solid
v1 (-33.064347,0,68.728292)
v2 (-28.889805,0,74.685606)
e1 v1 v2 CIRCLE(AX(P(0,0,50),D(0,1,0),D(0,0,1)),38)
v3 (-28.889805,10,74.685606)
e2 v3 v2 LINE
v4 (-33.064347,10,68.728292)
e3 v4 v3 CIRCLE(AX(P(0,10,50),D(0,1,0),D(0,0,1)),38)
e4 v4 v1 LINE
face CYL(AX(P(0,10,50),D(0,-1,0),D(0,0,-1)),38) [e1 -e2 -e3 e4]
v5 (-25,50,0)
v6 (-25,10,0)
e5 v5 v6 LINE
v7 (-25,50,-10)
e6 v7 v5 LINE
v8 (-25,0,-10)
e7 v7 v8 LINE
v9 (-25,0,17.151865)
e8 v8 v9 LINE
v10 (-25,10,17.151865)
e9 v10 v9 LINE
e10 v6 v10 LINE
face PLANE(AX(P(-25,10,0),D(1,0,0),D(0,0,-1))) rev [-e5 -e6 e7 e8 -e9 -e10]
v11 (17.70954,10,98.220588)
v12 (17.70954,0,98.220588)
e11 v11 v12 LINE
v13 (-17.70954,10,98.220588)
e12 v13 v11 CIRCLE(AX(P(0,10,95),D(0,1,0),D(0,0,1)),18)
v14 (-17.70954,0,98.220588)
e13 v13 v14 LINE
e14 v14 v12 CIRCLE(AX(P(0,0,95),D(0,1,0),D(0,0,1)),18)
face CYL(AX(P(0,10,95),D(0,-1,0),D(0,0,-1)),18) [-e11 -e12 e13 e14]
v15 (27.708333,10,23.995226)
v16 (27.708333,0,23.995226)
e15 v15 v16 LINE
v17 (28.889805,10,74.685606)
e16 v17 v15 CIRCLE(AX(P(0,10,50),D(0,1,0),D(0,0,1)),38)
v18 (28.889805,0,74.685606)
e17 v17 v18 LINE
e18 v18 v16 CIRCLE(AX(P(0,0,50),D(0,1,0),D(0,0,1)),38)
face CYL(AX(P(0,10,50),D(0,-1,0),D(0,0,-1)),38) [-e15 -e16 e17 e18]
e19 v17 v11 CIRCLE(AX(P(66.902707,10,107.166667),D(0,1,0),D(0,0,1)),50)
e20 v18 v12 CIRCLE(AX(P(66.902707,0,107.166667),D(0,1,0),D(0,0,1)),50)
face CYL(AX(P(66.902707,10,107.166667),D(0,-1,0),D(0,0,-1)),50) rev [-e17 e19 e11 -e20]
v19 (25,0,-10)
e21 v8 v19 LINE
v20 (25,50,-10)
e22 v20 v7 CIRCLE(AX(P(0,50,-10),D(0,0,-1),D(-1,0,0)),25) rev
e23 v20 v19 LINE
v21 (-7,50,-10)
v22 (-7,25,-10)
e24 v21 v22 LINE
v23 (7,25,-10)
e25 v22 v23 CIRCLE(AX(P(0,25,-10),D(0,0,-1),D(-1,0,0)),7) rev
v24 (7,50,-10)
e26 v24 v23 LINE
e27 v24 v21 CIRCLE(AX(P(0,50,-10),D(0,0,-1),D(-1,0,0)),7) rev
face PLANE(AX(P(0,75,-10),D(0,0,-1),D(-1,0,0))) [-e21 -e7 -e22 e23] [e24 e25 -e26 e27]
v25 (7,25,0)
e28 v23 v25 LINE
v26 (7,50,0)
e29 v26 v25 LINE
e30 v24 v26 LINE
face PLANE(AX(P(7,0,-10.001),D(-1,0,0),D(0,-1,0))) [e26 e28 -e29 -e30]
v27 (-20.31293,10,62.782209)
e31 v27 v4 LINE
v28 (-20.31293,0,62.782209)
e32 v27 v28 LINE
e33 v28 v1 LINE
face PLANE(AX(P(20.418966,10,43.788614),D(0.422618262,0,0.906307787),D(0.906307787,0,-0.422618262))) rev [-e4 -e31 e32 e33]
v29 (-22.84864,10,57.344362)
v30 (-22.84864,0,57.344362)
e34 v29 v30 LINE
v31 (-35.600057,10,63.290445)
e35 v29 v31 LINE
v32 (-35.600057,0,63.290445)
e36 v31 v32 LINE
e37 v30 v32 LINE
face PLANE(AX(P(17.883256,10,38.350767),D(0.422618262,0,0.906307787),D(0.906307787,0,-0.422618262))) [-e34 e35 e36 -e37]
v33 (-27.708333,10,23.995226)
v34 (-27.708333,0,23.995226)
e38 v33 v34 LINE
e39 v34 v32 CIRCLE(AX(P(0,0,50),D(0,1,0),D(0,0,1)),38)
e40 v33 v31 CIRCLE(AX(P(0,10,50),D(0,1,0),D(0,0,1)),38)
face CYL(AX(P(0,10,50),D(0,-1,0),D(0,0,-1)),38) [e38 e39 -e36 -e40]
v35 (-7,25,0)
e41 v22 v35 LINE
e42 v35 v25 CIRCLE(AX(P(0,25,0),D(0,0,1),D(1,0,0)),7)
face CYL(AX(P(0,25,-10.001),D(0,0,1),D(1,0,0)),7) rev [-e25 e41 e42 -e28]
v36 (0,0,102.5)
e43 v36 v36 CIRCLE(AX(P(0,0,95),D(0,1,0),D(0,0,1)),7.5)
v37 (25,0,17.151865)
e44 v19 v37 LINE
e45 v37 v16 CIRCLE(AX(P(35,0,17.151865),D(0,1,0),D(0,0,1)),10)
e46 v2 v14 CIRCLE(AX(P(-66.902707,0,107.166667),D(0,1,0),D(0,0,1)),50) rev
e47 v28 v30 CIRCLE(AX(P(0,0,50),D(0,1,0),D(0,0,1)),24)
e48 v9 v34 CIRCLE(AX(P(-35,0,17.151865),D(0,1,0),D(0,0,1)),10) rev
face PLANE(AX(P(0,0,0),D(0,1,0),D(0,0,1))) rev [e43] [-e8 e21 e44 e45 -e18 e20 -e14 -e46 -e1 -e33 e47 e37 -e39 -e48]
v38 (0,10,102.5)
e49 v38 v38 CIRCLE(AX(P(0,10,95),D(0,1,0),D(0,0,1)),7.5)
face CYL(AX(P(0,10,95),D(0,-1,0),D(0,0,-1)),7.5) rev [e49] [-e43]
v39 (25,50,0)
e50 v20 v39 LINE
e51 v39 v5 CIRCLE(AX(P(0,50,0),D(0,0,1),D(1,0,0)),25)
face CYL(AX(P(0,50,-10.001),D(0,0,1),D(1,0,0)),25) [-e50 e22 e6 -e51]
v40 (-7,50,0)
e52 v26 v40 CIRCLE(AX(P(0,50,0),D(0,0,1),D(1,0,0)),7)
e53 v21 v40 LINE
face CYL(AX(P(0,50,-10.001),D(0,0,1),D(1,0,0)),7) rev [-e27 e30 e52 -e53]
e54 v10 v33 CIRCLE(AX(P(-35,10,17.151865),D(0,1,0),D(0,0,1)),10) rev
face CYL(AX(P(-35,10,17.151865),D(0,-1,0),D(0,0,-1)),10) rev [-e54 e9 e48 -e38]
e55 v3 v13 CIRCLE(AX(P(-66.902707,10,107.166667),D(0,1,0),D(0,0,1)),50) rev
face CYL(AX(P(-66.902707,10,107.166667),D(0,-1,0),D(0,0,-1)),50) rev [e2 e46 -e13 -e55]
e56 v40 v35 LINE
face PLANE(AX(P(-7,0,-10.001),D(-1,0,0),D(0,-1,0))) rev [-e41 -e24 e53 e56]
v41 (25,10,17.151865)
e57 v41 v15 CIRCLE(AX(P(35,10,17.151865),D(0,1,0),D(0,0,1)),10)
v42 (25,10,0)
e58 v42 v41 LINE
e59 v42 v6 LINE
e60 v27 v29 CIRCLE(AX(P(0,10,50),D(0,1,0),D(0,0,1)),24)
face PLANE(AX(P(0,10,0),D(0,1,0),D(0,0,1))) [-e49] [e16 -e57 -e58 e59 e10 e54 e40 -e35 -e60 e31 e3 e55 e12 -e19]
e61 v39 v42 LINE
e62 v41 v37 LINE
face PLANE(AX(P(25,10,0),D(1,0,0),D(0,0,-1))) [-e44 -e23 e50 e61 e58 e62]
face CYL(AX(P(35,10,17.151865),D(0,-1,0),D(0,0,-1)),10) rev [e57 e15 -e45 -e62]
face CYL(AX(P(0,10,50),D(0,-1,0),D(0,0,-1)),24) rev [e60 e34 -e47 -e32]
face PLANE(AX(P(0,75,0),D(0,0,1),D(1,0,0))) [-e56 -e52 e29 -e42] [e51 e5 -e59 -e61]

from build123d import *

# Parameters (mm, degrees)
SKETCH1_R           = 7.5
BOSS_EXTRUDE1_DEPTH = 10
SKETCH1_3_W         = 50
SKETCH1_3_H         = 10
BOSS_EXTRUDE2_DEPTH = 75
CUT_EXTRUDE1_REACH  = 142.847


with BuildPart() as part:
    # Sketch1 → Boss-Extrude1 (new body)
    with BuildSketch(Plane(origin=(0, 0, 0), x_dir=(1, 0, 0), z_dir=(0, 1, 0))):
        with BuildLine():
            Line((25, 0), (-25, 0))
            Line((-25, 0), (-25, -17.151864589))
            ThreePointArc((-25, -17.151864589), (-25.701702665, -20.83176495), (-27.708333333, -23.995226133))
            ThreePointArc((-27.708333333, -23.995226133), (-37.256095308, -42.517796957), (-35.600057015, -63.29044546))
            Line((-35.600057015, -63.29044546), (-22.848639927, -57.34436202))
            ThreePointArc((-22.848639927, -57.34436202), (21.751386889, -39.857161718), (-20.312930357, -62.782208742))
            Line((-20.312930357, -62.782208742), (-33.064347445, -68.728292182))
            ThreePointArc((-33.064347445, -68.728292182), (-31.119955968, -71.807070885), (-28.889805354, -74.685606061))
            ThreePointArc((-28.889805354, -74.685606061), (-21.739686255, -85.712027428), (-17.709540124, -98.220588235))
            ThreePointArc((-17.709540124, -98.220588235), (0, -113), (17.709540124, -98.220588235))
            ThreePointArc((17.709540124, -98.220588235), (21.739686255, -85.712027428), (28.889805354, -74.685606061))
            ThreePointArc((28.889805354, -74.685606061), (37.989682547, -49.114550984), (27.708333333, -23.995226133))
            ThreePointArc((27.708333333, -23.995226133), (25.701702665, -20.83176495), (25, -17.151864589))
            Line((25, -17.151864589), (25, 0))
        make_face()
        with Locations((0, -95)):
            Circle(SKETCH1_R, mode=Mode.SUBTRACT)
    extrude(amount=BOSS_EXTRUDE1_DEPTH)

    # Sketch1<3> → Boss-Extrude2 (add)
    with BuildSketch(Plane(origin=(0, 0, 0), x_dir=(1, 0, 0), z_dir=(0, 1, 0))):
        with Locations((0, 5)):
            Rectangle(SKETCH1_3_W, SKETCH1_3_H)
    extrude(amount=BOSS_EXTRUDE2_DEPTH)

    # Sketch2 → Cut-Extrude1 (cut, up to next)
    with BuildSketch(Plane.XY, mode=Mode.PRIVATE) as cut_extrude1_sk1:
        with BuildLine():
            Line((7, 25), (7, 50))
            ThreePointArc((7, 50), (0, 57), (-7, 50))
            Line((-7, 50), (-7, 25))
            ThreePointArc((-7, 25), (0, 18), (7, 25))
        make_face()
    cut_extrude1_tool1 = extrude(cut_extrude1_sk1.sketch, amount=-CUT_EXTRUDE1_REACH, mode=Mode.PRIVATE) & part.part
    # Sketch2 → Cut-Extrude1 (cut, up to next)
    with BuildSketch(Plane.XY, mode=Mode.PRIVATE) as cut_extrude1_sk2:
        with BuildLine():
            ThreePointArc((-25, 50), (-17.67766952, 67.677669539), (2.6e-08, 75))
            Line((2.6e-08, 75), (-25, 75))
            Line((-25, 75), (-25, 50))
        make_face()
    cut_extrude1_tool2 = extrude(cut_extrude1_sk2.sketch, amount=-CUT_EXTRUDE1_REACH, mode=Mode.PRIVATE) & part.part
    # Sketch2 → Cut-Extrude1 (cut, up to next)
    with BuildSketch(Plane.XY, mode=Mode.PRIVATE) as cut_extrude1_sk3:
        with BuildLine():
            ThreePointArc((2.6e-08, 75), (17.677669539, 67.67766952), (25, 50))
            Line((25, 50), (25, 75))
            Line((25, 75), (2.6e-08, 75))
        make_face()
    cut_extrude1_tool3 = extrude(cut_extrude1_sk3.sketch, amount=-CUT_EXTRUDE1_REACH, mode=Mode.PRIVATE) & part.part
    add(cut_extrude1_tool1.solids().sort_by_distance((0, 37.5, 0))[0], mode=Mode.SUBTRACT)
    add(cut_extrude1_tool2.solids().sort_by_distance((-19.415802, 69.415802, 0))[0], mode=Mode.SUBTRACT)
    add(cut_extrude1_tool3.solids().sort_by_distance((19.415802, 69.415802, 0))[0], mode=Mode.SUBTRACT)


solid = part.part
